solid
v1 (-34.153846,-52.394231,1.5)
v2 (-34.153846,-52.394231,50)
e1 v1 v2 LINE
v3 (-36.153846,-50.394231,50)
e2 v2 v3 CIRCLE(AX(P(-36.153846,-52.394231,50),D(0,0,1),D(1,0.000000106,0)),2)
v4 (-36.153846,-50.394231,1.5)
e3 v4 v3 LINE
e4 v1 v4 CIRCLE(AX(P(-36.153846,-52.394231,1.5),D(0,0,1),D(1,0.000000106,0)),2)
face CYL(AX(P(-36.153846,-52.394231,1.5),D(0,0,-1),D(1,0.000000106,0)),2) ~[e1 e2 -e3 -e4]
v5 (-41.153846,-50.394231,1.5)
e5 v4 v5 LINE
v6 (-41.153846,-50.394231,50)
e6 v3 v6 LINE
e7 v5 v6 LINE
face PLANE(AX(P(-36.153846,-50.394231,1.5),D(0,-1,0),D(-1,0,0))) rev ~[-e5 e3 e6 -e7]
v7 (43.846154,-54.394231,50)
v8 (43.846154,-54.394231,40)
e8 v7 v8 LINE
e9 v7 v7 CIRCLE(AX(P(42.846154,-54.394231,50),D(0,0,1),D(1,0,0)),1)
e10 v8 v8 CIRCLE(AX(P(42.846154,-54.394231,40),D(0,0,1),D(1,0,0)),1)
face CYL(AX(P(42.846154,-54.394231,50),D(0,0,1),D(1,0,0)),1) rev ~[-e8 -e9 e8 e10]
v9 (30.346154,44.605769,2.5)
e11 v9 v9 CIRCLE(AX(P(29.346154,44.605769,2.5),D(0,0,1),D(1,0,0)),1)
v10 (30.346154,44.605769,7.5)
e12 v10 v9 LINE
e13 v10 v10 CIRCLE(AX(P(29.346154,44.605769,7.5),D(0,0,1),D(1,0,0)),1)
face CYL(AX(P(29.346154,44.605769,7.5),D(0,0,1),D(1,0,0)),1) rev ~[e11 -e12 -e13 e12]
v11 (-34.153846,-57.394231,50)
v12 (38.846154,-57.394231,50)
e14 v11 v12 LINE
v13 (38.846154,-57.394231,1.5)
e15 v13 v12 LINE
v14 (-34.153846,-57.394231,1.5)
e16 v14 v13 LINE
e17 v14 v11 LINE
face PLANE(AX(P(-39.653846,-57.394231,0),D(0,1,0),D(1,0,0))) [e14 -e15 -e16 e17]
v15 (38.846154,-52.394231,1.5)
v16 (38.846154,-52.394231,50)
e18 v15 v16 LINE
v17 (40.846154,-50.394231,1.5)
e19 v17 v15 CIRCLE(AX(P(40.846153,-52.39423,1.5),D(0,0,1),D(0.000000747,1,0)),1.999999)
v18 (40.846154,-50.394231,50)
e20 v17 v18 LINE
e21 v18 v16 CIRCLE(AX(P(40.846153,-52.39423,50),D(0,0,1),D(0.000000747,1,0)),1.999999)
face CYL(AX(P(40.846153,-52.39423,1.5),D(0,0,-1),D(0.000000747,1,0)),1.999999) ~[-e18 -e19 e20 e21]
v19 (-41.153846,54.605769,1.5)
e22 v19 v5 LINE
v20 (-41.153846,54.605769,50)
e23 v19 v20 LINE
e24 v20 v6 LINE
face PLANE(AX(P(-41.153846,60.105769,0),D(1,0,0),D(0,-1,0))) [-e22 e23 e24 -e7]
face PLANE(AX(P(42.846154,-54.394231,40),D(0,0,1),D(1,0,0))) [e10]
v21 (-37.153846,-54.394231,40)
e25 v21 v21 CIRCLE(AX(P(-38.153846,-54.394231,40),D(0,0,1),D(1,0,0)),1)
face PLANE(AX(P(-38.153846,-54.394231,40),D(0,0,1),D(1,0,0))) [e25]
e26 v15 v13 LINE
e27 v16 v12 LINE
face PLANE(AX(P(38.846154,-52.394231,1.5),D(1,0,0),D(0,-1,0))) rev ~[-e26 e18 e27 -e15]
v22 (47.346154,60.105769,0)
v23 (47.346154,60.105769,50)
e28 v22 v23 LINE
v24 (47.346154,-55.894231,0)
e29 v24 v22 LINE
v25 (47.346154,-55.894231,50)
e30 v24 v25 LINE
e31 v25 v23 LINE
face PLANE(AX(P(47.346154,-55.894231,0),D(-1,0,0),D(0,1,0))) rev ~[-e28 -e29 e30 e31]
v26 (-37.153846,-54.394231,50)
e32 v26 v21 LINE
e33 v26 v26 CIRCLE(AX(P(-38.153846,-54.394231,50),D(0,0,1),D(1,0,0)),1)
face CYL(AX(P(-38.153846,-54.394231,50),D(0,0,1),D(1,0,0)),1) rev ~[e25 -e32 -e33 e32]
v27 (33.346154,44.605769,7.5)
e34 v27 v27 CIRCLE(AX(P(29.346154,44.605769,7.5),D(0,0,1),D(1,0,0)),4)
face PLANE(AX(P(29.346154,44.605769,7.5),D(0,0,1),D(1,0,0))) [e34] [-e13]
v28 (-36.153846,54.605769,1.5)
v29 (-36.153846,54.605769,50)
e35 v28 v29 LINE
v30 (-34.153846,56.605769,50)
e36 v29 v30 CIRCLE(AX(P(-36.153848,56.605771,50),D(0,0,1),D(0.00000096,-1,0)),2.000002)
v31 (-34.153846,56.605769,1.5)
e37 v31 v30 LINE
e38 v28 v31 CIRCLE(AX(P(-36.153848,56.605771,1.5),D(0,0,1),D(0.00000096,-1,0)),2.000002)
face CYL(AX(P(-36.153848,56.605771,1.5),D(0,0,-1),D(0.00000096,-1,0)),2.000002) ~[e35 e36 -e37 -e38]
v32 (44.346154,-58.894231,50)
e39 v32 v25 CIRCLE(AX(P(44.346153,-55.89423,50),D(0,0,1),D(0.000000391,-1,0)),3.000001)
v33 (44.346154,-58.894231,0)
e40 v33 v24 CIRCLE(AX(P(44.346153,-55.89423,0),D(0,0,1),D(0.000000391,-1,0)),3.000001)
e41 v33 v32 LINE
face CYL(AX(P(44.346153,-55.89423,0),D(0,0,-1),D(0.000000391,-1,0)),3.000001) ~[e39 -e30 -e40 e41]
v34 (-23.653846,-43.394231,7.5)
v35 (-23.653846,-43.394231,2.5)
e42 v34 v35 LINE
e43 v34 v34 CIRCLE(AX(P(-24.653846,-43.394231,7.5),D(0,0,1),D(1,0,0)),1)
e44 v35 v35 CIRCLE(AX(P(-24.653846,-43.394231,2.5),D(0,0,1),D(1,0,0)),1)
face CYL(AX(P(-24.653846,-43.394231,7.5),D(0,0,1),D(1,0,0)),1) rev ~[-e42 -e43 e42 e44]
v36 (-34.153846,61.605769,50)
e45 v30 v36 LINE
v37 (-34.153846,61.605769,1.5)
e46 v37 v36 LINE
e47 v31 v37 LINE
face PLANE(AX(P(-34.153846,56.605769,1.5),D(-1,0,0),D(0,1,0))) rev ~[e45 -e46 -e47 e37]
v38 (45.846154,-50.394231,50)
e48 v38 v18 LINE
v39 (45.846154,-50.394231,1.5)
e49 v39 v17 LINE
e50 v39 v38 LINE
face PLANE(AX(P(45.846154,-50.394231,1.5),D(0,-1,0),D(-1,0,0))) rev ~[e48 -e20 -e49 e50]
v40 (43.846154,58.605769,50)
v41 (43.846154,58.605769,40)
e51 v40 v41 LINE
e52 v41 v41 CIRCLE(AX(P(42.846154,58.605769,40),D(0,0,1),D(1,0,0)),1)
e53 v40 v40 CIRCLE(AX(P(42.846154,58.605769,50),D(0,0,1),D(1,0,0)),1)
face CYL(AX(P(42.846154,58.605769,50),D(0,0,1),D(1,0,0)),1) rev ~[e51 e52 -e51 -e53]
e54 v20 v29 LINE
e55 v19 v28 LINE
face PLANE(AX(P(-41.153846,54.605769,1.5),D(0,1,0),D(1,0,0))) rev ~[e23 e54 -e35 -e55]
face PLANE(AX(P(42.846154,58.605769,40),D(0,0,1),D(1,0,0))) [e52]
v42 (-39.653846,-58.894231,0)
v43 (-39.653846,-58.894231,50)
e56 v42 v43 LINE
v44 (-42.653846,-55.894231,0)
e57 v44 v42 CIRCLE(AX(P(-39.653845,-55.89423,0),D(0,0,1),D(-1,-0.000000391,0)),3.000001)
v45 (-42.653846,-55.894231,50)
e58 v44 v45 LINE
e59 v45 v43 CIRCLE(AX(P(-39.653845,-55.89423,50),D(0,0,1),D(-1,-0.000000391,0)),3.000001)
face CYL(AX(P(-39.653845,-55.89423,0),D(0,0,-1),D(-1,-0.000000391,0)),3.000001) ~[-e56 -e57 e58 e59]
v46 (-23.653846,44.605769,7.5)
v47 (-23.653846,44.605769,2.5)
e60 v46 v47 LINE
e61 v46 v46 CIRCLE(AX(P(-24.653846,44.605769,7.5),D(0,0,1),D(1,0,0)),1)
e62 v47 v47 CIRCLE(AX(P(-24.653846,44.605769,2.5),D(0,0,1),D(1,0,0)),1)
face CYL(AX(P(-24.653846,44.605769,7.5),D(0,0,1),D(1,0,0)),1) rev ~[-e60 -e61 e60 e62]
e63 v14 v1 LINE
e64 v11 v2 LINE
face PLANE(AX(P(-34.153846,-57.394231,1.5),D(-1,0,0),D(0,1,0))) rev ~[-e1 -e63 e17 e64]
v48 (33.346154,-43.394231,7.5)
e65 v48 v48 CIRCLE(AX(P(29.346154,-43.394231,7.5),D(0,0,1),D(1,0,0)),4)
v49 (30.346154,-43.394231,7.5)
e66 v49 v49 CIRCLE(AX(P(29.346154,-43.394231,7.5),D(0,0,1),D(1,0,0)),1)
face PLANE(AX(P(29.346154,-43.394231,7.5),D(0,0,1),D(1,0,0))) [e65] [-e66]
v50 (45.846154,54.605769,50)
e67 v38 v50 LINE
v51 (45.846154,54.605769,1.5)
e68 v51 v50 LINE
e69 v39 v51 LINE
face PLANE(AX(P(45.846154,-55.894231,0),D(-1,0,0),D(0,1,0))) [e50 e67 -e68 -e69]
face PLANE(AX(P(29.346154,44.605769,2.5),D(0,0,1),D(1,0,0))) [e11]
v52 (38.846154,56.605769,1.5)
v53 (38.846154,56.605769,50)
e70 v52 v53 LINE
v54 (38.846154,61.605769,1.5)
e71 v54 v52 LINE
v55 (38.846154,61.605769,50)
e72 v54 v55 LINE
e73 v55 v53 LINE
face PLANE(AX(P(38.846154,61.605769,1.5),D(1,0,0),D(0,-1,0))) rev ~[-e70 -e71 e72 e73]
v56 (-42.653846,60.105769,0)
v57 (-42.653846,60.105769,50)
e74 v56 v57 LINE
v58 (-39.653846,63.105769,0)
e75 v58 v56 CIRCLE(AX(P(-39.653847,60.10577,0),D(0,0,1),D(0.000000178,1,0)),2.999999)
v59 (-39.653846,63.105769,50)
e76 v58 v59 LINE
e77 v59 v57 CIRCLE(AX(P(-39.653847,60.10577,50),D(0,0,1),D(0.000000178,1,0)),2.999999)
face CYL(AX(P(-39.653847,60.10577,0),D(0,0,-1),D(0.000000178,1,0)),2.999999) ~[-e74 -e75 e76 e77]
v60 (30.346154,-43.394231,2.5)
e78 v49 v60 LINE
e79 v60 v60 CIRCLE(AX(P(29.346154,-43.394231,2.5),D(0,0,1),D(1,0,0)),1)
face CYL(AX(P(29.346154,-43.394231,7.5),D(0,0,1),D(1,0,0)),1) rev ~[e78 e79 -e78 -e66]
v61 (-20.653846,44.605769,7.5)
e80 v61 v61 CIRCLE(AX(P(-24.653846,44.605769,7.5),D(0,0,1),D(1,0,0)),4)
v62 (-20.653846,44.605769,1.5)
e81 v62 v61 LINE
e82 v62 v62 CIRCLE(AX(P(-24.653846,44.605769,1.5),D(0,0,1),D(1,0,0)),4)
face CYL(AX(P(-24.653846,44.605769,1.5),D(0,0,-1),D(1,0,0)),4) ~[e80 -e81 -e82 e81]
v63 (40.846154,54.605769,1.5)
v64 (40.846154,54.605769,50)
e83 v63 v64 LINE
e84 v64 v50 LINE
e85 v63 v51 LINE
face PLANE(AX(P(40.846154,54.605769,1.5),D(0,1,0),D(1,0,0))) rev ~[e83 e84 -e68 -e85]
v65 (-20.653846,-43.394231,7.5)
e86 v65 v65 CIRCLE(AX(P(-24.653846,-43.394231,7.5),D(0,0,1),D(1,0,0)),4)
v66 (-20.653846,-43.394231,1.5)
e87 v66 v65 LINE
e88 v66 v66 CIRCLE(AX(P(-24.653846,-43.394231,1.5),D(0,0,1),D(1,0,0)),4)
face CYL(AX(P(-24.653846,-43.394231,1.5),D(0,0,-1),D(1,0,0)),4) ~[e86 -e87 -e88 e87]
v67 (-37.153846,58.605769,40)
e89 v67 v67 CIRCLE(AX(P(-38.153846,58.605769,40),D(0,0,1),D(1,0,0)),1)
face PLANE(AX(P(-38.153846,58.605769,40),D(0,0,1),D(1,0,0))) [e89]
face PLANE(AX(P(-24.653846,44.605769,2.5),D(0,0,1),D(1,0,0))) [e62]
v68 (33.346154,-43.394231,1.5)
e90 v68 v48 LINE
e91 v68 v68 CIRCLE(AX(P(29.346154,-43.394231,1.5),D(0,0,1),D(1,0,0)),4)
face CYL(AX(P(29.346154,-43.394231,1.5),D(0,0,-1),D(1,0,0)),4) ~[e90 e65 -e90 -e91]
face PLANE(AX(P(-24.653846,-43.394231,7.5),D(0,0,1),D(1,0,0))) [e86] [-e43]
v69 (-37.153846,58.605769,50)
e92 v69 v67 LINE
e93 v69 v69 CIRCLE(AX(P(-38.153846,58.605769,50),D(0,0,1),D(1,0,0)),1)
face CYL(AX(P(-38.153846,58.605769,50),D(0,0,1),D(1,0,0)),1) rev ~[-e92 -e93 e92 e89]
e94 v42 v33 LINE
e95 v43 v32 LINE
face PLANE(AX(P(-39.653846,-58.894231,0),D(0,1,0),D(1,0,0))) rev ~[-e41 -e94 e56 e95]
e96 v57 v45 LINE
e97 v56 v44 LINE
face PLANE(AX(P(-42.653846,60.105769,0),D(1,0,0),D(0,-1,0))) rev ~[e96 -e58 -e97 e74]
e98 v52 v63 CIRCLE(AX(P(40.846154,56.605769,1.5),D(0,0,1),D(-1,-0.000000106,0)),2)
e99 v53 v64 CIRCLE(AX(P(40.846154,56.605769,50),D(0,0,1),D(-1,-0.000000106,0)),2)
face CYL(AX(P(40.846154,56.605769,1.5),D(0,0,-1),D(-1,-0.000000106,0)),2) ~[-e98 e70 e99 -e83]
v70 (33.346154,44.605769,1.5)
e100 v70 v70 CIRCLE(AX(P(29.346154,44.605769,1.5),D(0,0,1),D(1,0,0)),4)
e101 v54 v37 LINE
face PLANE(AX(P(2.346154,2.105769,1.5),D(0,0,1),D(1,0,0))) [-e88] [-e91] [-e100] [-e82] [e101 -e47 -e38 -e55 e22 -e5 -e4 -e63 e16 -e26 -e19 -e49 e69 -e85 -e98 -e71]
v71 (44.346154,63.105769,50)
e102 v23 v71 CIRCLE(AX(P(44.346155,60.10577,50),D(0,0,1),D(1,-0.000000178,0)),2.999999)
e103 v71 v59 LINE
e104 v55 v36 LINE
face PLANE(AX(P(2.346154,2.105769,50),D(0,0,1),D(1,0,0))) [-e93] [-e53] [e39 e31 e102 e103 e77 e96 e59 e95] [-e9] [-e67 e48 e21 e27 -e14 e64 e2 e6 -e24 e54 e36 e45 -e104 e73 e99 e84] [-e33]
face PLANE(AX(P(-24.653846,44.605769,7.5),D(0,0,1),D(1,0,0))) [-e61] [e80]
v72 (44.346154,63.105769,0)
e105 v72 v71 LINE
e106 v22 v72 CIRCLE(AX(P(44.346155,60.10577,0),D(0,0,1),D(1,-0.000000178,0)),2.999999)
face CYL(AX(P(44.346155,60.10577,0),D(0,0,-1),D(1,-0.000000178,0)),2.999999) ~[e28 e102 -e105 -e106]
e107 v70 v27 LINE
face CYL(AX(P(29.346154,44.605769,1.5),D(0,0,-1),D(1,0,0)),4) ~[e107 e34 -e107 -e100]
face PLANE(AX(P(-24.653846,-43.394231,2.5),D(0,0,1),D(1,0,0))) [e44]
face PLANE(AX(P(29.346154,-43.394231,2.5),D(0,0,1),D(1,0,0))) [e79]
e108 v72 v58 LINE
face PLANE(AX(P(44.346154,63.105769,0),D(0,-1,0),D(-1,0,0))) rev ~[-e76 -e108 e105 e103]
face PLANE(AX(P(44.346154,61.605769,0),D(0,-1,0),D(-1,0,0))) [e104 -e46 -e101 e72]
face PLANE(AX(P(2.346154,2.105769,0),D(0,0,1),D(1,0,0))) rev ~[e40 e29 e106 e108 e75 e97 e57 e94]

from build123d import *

# Parameters (mm, degrees)
F1_DEPTH  = 50
F2_T      = -1.5
F4_DEPTH  = 48.5
F5_R      = 1
F6_DEPTH  = 10
F7_R      = 4
F8_DEPTH  = 6
F9_R      = 1
F10_DEPTH = 5


with BuildPart() as f1:
    # F0 (on Top) → F1 (new body)
    with BuildSketch(Plane.XY):
        with BuildLine():
            Line((-39.653846, -58.894231), (44.346154, -58.894231))
            ThreePointArc((44.346154, -58.894231), (46.467474, -58.015551), (47.346154, -55.894231))
            Line((47.346154, -55.894231), (47.346154, 60.105769))
            ThreePointArc((47.346154, 60.105769), (46.467474, 62.22709), (44.346154, 63.105769))
            Line((44.346154, 63.105769), (-39.653846, 63.105769))
            ThreePointArc((-39.653846, 63.105769), (-41.775166, 62.22709), (-42.653846, 60.105769))
            Line((-42.653846, 60.105769), (-42.653846, -55.894231))
            ThreePointArc((-42.653846, -55.894231), (-41.775166, -58.015551), (-39.653846, -58.894231))
        make_face()
    extrude(amount=F1_DEPTH)

    # F2
    f2_openings = [f1.faces().sort_by_distance(p)[0] for p in [
        (2.346154, 2.105769, 50),
    ]]
    offset(amount=F2_T, openings=f2_openings)

    # F3 (on face) → F4 (join)
    with BuildSketch(Plane.XY.offset(1.5)):
        with BuildLine():
            Line((45.846154, 61.605769), (38.846154, 61.605769))
            Line((38.846154, 61.605769), (38.846154, 56.605769))
            ThreePointArc((38.846154, 56.605769), (39.43194, 55.191556), (40.846154, 54.605769))
            Line((40.846154, 54.605769), (45.846154, 54.605769))
            Line((45.846154, 54.605769), (45.846154, 61.605769))
        make_face()
        with BuildLine():
            Line((-34.153846, 61.605769), (-41.153846, 61.605769))
            Line((-41.153846, 61.605769), (-41.153846, 54.605769))
            Line((-41.153846, 54.605769), (-36.153846, 54.605769))
            ThreePointArc((-36.153846, 54.605769), (-34.739633, 55.191556), (-34.153846, 56.605769))
            Line((-34.153846, 56.605769), (-34.153846, 61.605769))
        make_face()
        with BuildLine():
            Line((-36.153846, -50.394231), (-41.153846, -50.394231))
            Line((-41.153846, -50.394231), (-41.153846, -57.394231))
            Line((-41.153846, -57.394231), (-34.153846, -57.394231))
            Line((-34.153846, -57.394231), (-34.153846, -52.394231))
            ThreePointArc((-34.153846, -52.394231), (-34.739633, -50.980017), (-36.153846, -50.394231))
        make_face()
        with BuildLine():
            Line((45.846154, -50.394231), (40.846154, -50.394231))
            ThreePointArc((40.846154, -50.394231), (39.43194, -50.980017), (38.846154, -52.394231))
            Line((38.846154, -52.394231), (38.846154, -57.394231))
            Line((38.846154, -57.394231), (45.846154, -57.394231))
            Line((45.846154, -57.394231), (45.846154, -50.394231))
        make_face()
    extrude(amount=F4_DEPTH)

    # F5 (on face) → F6 (cut)
    with BuildSketch(Plane.XY.offset(50)):
        with Locations((42.846154, -54.394231)):
            Circle(F5_R)
        with Locations((-38.153846, -54.394231)):
            Circle(F5_R)
        with Locations((-38.153846, 58.605769)):
            Circle(F5_R)
        with Locations((42.846154, 58.605769)):
            Circle(F5_R)
    extrude(amount=-F6_DEPTH, mode=Mode.SUBTRACT)

    # F7 (on face) → F8 (join)
    with BuildSketch(Plane.XY.offset(1.5)):
        with Locations((29.346154, 44.605769)):
            Circle(F7_R)
        with Locations((-24.653846, -43.394231)):
            Circle(F7_R)
        with Locations((29.346154, -43.394231)):
            Circle(F7_R)
        with Locations((-24.653846, 44.605769)):
            Circle(F7_R)
    extrude(amount=F8_DEPTH)

    # F9 (on face) → F10 (cut)
    with BuildSketch(Plane.XY.offset(7.5)):
        with Locations((29.346154, 44.605769)):
            Circle(F9_R)
        with Locations((-24.653846, -43.394231)):
            Circle(F9_R)
        with Locations((29.346154, -43.394231)):
            Circle(F9_R)
        with Locations((-24.653846, 44.605769)):
            Circle(F9_R)
    extrude(amount=-F10_DEPTH, mode=Mode.SUBTRACT)


solid = f1.part
